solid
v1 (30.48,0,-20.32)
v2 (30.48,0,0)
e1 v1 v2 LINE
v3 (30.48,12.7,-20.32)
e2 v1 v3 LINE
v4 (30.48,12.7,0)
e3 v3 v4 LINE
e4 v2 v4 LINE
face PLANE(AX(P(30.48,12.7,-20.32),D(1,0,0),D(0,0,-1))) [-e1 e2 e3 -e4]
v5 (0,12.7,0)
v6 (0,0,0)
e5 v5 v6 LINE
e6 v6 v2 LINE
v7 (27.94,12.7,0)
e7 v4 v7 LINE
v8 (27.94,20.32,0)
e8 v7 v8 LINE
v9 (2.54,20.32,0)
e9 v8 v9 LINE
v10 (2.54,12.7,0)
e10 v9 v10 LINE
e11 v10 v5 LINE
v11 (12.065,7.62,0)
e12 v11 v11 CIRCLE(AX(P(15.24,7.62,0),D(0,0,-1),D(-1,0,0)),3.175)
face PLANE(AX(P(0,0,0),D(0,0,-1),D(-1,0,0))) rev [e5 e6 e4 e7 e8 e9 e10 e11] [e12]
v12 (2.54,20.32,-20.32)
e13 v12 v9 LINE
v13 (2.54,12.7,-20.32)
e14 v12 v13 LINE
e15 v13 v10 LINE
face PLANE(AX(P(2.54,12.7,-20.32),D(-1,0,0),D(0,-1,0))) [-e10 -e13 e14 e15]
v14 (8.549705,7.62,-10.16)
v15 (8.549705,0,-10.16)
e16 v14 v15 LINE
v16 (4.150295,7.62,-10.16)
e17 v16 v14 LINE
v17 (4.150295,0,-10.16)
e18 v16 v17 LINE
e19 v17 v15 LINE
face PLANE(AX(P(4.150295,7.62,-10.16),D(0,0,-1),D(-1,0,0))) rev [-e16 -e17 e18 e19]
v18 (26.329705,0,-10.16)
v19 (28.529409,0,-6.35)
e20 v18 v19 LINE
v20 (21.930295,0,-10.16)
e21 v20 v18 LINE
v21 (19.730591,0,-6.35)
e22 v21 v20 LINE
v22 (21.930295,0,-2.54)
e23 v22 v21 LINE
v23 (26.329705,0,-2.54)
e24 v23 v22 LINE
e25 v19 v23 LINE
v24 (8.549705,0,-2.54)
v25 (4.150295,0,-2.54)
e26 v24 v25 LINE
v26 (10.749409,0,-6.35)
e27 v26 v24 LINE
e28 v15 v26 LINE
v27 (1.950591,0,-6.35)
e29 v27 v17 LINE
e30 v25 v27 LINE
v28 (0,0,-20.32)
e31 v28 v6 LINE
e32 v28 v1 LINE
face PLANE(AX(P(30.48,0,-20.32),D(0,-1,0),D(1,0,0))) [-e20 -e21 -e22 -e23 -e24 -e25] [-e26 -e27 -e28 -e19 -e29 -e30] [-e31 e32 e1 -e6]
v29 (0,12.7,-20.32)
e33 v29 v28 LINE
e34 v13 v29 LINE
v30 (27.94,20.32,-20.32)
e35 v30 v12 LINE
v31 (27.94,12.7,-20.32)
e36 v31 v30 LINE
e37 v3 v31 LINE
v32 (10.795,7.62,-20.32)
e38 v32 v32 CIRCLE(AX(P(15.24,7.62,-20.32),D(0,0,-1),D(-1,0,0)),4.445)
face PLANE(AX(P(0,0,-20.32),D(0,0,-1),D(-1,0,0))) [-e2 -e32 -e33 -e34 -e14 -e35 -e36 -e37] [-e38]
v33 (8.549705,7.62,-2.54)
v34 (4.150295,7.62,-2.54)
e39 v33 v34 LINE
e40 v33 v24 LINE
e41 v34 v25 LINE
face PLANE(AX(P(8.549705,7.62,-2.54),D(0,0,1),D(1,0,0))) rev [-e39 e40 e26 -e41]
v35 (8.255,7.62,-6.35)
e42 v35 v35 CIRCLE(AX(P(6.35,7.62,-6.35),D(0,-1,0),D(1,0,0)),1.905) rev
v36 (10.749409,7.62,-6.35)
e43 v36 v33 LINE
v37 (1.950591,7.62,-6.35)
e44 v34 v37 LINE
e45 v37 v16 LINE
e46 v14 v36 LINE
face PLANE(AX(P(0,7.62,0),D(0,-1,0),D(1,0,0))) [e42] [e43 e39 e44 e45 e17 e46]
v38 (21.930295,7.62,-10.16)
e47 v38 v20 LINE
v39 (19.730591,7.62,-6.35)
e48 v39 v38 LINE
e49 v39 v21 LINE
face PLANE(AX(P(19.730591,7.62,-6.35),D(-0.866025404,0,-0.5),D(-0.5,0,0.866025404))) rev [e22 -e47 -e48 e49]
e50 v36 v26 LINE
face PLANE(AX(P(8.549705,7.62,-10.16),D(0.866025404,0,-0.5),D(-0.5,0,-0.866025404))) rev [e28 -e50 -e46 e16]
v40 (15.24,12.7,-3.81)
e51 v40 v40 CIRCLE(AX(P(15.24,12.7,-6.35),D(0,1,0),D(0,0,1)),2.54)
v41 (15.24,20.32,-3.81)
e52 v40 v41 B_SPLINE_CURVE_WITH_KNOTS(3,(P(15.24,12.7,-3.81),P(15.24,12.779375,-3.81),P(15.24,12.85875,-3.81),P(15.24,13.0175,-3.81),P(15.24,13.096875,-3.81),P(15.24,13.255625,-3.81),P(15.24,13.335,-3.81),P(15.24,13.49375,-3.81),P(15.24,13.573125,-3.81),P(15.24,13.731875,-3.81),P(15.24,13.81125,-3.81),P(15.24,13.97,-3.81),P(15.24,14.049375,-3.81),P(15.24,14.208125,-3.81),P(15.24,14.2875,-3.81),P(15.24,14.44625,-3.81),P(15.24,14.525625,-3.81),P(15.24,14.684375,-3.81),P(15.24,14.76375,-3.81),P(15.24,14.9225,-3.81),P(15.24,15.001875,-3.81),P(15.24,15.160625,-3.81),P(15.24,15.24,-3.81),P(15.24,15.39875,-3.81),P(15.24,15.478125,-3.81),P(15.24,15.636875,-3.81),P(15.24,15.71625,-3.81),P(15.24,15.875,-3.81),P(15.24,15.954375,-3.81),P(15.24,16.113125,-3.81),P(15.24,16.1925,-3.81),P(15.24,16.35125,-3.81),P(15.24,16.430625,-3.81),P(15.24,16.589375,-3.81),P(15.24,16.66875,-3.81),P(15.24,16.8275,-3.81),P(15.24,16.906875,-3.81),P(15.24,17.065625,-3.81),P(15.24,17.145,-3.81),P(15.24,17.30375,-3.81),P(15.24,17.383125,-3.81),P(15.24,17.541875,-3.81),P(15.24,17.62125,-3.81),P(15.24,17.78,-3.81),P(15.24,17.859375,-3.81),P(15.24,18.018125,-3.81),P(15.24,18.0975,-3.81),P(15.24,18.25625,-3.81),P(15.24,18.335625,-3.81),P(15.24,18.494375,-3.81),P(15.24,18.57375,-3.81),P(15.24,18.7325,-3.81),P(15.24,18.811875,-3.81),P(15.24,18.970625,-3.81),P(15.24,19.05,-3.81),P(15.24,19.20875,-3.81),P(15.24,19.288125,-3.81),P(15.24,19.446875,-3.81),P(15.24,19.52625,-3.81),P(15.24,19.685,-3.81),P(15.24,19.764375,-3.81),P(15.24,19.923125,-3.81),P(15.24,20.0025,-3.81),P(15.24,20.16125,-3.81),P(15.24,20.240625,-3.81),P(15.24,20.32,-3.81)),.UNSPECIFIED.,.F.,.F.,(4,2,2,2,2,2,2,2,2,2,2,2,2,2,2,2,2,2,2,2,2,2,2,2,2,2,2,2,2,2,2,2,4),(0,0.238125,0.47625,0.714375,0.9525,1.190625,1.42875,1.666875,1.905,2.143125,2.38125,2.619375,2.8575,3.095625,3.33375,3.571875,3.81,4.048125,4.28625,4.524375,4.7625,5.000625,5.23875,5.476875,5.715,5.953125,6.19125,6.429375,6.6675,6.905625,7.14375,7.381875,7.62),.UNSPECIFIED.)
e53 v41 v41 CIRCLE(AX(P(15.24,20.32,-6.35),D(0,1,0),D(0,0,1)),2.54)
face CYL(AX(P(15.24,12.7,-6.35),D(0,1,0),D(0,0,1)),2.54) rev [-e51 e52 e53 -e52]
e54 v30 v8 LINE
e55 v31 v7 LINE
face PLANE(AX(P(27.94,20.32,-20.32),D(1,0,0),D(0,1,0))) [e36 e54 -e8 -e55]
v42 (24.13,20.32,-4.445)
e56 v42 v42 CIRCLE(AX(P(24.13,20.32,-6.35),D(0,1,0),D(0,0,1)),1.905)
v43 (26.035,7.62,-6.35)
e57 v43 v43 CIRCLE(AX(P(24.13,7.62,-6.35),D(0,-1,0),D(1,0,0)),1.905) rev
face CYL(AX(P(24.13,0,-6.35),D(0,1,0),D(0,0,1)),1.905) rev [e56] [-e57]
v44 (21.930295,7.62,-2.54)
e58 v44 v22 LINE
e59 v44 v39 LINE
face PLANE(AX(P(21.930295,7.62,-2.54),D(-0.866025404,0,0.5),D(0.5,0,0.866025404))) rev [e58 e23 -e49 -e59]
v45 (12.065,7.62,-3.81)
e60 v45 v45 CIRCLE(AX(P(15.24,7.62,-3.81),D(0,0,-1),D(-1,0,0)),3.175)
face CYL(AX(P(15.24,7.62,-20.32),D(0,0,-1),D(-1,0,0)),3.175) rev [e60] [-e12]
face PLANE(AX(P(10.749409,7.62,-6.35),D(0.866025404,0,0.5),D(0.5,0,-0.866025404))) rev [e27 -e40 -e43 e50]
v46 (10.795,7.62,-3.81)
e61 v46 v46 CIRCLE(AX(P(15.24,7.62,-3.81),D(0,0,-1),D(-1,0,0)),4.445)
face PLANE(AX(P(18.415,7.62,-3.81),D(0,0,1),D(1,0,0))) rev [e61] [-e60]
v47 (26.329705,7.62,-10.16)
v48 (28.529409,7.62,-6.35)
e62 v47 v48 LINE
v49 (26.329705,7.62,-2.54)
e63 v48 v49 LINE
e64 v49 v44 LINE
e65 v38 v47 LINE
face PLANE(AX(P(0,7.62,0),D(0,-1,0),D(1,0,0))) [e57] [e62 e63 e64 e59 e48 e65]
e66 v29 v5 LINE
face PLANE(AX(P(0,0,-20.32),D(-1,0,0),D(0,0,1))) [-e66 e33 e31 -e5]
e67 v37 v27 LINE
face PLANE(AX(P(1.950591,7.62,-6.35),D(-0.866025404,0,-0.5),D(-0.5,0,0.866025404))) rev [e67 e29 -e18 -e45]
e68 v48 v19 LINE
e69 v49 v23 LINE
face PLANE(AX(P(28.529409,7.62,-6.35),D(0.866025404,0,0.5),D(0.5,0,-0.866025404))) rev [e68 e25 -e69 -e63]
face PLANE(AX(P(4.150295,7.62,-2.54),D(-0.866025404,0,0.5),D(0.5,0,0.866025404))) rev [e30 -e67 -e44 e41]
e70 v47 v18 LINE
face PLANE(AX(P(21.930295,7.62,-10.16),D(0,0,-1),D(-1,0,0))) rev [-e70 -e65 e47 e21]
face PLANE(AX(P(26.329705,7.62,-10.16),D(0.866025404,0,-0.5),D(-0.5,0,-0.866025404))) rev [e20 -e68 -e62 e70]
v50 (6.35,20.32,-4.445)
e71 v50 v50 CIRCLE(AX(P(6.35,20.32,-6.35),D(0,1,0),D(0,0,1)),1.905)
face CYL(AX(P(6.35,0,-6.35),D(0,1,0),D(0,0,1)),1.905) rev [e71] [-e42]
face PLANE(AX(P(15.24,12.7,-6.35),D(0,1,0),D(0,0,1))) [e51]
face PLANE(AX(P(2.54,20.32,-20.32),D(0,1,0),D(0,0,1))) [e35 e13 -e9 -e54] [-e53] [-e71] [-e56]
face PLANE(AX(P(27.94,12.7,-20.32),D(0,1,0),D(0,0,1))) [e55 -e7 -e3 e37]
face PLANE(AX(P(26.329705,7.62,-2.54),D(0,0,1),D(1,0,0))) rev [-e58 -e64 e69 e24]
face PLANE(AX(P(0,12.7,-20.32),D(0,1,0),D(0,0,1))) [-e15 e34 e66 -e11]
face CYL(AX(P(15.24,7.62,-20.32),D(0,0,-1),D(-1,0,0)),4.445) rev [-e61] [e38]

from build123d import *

# Parameters (mm, degrees)
BOSS_EXTRUDE1_DEPTH                                 = 20.32
CBORE_FOR_0_BINDING_HEAD_MACHINE_SCREW1_D           = 6.35
CBORE_FOR_0_BINDING_HEAD_MACHINE_SCREW1_CBORE_D     = 8.89
CBORE_FOR_0_BINDING_HEAD_MACHINE_SCREW1_CBORE_DEPTH = 16.51
CUT_EXTRUDE1_DEPTH                                  = 42.890753156
CUT_EXTRUDE1_DEPTH_BACK                             = 42.890753156
SKETCH5_R                                           = 1.905
SKETCH6_R                                           = 2.54
CUT_EXTRUDE2_DEPTH                                  = 7.62
CUT_EXTRUDE3_DEPTH                                  = 7.62


with BuildPart() as part:
    # Sketch1 → Boss-Extrude1 (new body)
    with BuildSketch(Plane.XY):
        Polygon((0, 0), (0, 12.7), (2.54, 12.7), (2.54, 20.32), (27.94, 20.32), (27.94, 12.7), (30.48, 12.7), (30.48, 0), align=None)
    extrude(amount=-BOSS_EXTRUDE1_DEPTH)

    # CBORE for #0 Binding Head Machine Screw1 (through all)
    with Locations(Plane(origin=(0, 0, -20.32), x_dir=(-1, 0, 0), z_dir=(0, 0, -1))):
        with Locations((-15.24, 7.62)):
            CounterBoreHole(CBORE_FOR_0_BINDING_HEAD_MACHINE_SCREW1_D / 2, CBORE_FOR_0_BINDING_HEAD_MACHINE_SCREW1_CBORE_D / 2, CBORE_FOR_0_BINDING_HEAD_MACHINE_SCREW1_CBORE_DEPTH)

    # Sketch5 → Cut-Extrude1 (cut, two sides: drawn at the far end of the back side and taken through both)
    with BuildSketch(Plane(origin=(0, 20.32, 0), x_dir=(1, 0, 0), z_dir=(0, 1, 0)).offset(-CUT_EXTRUDE1_DEPTH_BACK)):
        with Locations(Location((6.35, 6.35, 0), (0, 0, 270))):
            Circle(SKETCH5_R)
        with Locations(Location((24.13, 6.35, 0), (0, 0, 270))):
            Circle(SKETCH5_R)
    extrude(amount=CUT_EXTRUDE1_DEPTH + CUT_EXTRUDE1_DEPTH_BACK, mode=Mode.SUBTRACT)

    # Sketch6 → Cut-Extrude2 (cut)
    with BuildSketch(Plane(origin=(0, 20.32, 0), x_dir=(1, 0, 0), z_dir=(0, 1, 0))):
        with Locations(Location((15.24, 6.35, 0), (0, 0, 270))):
            Circle(SKETCH6_R)
    extrude(amount=-CUT_EXTRUDE2_DEPTH, mode=Mode.SUBTRACT)

    # Sketch7 → Cut-Extrude3 (cut)
    with BuildSketch(Plane.XZ):
        Polygon((1.950590949, -6.35), (4.150295474, -10.16), (8.549704526, -10.16), (10.749409051, -6.35), (8.549704526, -2.54), (4.150295474, -2.54), align=None)
        Polygon((19.730590949, -6.35), (21.930295474, -10.16), (26.329704526, -10.16), (28.529409051, -6.35), (26.329704526, -2.54), (21.930295474, -2.54), align=None)
    extrude(amount=-CUT_EXTRUDE3_DEPTH, mode=Mode.SUBTRACT)


solid = part.part
